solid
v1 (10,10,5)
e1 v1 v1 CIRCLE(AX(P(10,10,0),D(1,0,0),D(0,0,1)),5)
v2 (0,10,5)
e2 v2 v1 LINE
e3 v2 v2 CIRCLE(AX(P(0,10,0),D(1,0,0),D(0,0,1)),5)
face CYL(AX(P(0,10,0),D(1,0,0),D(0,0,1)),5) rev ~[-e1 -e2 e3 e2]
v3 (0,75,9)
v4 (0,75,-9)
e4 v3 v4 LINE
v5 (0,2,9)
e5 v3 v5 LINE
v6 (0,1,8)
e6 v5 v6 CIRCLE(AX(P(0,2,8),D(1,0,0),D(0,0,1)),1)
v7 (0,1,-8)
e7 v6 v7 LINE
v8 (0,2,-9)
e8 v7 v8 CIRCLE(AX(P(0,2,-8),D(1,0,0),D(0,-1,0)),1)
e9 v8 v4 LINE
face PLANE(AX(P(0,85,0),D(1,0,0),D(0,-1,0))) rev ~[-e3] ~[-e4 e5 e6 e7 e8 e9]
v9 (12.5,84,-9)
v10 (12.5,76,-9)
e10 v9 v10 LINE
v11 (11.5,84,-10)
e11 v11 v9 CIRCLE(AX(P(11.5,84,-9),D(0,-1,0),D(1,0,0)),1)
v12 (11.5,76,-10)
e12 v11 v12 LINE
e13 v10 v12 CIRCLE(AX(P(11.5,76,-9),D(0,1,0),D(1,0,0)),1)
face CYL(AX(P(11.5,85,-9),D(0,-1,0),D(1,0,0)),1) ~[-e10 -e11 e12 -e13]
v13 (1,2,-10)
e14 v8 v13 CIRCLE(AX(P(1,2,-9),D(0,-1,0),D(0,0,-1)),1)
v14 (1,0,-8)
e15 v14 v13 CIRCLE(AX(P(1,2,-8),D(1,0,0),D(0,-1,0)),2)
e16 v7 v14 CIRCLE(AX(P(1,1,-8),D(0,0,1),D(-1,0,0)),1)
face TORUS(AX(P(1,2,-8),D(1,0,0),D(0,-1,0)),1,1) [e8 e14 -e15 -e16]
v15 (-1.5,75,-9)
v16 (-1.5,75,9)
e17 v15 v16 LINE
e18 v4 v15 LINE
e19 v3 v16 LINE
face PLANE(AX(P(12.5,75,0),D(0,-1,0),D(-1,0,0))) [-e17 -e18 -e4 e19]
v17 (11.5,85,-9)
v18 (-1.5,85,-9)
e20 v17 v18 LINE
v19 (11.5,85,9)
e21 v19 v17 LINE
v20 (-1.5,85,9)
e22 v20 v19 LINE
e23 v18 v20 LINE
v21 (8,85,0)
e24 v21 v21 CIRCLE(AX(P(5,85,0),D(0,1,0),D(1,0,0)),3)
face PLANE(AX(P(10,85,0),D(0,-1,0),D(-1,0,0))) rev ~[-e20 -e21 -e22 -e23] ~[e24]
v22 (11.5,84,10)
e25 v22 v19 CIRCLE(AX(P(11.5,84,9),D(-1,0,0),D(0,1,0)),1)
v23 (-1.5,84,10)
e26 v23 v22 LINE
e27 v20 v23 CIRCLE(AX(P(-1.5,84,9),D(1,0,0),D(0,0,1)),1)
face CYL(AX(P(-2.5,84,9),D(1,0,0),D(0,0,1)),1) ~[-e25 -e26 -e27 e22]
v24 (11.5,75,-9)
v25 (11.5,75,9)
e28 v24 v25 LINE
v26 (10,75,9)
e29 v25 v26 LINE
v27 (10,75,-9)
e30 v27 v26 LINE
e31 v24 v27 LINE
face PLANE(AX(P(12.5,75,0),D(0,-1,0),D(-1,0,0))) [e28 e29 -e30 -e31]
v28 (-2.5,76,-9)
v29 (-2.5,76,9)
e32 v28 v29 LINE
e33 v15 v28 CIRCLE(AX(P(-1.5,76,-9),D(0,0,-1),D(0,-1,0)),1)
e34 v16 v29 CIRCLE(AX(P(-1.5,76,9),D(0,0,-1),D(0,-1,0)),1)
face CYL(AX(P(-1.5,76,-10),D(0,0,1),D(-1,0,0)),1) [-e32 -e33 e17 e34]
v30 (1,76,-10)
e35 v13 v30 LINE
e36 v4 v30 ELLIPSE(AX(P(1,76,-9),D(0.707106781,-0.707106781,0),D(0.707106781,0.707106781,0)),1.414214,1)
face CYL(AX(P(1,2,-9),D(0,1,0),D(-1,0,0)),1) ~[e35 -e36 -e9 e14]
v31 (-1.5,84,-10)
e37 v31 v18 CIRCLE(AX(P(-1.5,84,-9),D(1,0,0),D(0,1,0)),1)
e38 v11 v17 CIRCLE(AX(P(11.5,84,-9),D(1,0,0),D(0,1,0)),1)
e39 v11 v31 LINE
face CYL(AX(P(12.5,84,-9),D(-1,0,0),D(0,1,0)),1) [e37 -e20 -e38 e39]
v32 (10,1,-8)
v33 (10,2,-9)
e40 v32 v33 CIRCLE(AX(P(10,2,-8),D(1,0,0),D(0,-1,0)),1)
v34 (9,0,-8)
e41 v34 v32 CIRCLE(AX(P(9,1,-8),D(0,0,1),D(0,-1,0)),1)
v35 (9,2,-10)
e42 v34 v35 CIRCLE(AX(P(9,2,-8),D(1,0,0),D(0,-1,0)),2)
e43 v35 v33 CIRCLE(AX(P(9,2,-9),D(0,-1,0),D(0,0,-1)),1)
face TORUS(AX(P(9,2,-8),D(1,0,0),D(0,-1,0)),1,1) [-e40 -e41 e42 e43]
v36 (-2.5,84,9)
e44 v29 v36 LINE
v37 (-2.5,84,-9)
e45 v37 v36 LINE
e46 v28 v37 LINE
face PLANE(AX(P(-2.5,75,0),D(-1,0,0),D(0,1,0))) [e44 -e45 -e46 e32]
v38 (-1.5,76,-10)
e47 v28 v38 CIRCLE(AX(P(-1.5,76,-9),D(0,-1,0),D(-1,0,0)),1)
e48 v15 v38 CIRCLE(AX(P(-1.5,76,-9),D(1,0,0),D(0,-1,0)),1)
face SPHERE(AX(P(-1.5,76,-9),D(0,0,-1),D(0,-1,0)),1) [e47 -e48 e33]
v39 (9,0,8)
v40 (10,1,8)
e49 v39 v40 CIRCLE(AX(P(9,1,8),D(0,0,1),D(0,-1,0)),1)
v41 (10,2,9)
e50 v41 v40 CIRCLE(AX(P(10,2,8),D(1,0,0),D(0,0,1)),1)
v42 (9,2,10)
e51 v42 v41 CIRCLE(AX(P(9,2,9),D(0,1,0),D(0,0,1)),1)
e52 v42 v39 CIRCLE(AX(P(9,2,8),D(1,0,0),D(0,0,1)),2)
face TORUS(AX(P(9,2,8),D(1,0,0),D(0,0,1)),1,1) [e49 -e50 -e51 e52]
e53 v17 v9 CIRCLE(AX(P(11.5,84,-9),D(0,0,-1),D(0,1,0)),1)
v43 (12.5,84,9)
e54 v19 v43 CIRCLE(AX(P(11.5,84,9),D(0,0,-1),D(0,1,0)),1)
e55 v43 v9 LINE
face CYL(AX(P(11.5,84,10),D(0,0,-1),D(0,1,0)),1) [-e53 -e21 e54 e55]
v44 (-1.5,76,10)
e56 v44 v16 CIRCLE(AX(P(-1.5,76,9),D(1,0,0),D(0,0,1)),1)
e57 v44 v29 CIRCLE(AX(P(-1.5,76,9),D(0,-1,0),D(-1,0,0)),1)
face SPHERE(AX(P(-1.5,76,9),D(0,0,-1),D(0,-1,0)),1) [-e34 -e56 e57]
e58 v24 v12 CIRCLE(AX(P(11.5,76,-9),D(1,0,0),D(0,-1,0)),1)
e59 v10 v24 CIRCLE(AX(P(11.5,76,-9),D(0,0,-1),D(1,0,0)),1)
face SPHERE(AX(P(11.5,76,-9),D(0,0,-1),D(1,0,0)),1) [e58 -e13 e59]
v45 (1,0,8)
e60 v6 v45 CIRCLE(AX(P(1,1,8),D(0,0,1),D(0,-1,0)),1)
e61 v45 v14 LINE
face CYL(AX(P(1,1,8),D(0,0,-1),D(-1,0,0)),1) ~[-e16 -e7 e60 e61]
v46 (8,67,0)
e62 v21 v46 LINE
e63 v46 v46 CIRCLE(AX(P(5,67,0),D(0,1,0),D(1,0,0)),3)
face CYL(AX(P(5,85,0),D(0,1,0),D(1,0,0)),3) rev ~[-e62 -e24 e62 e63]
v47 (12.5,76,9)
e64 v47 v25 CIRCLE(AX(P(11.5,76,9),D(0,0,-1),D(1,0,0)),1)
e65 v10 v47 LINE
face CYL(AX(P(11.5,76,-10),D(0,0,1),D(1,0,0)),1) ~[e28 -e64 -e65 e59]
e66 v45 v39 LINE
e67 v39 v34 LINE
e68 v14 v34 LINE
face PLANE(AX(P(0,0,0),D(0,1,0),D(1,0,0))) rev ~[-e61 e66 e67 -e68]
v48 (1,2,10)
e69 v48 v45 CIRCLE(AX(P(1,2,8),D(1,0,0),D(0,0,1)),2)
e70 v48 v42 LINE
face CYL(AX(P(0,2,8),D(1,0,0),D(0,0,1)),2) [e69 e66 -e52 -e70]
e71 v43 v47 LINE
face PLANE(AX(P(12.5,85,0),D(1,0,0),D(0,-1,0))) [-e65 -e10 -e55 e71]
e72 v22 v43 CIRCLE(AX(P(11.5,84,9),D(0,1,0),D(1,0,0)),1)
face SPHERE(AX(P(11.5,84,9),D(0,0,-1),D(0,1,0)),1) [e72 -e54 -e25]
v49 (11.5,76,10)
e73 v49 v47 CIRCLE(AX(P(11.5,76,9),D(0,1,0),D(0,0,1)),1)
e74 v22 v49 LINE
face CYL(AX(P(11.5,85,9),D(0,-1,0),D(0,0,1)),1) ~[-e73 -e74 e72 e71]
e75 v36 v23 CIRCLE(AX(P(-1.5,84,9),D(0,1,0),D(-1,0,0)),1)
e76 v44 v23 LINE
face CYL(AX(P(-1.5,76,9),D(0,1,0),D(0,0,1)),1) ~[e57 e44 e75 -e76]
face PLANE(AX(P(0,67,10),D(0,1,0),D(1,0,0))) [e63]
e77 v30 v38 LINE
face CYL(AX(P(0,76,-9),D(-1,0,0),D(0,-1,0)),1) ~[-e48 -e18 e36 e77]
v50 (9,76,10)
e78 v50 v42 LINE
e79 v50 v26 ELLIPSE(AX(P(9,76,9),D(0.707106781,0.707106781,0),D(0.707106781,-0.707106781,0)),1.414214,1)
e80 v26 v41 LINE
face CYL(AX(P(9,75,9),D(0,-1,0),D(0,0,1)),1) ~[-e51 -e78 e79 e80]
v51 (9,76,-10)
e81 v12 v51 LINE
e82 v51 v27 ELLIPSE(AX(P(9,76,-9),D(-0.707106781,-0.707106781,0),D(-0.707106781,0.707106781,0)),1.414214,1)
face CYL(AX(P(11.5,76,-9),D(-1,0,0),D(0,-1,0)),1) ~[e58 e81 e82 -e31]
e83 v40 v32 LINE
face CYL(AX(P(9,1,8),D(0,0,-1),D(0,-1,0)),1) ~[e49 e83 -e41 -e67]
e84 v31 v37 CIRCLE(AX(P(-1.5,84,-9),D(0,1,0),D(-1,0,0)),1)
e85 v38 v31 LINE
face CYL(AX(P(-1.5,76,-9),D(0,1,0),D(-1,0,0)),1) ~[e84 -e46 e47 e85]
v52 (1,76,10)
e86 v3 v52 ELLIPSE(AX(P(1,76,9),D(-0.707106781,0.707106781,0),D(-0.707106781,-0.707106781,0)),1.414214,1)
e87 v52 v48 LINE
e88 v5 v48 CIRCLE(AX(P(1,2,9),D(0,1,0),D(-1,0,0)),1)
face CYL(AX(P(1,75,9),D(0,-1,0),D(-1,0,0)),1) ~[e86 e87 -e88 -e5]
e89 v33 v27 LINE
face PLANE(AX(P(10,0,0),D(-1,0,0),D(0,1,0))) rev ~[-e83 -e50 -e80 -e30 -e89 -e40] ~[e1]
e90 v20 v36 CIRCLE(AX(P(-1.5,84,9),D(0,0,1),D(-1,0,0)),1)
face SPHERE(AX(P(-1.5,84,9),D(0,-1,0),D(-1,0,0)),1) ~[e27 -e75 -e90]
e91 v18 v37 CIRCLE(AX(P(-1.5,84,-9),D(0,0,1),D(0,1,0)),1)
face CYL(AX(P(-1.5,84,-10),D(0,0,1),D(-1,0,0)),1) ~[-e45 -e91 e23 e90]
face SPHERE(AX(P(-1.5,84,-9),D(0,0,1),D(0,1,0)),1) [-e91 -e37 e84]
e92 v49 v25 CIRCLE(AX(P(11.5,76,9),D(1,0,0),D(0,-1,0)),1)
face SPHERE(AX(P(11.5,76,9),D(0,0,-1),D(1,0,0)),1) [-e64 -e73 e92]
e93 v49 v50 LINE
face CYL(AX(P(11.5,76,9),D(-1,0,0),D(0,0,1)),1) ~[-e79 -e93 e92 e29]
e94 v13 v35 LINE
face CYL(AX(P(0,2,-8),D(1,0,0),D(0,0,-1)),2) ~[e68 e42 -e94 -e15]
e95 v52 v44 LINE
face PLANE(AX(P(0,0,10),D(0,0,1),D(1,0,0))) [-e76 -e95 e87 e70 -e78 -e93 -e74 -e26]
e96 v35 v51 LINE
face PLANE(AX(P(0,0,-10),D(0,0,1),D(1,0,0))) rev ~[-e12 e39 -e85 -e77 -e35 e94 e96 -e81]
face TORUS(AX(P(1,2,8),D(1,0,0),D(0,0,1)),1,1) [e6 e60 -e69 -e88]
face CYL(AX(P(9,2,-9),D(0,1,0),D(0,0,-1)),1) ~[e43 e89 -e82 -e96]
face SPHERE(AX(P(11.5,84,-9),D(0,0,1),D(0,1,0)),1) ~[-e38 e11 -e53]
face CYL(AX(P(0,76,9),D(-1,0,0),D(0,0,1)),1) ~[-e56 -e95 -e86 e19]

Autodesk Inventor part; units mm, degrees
ref_plane "YZ Plane" through (0, 0, 0) normal (1, 0, 0) x (0, 1, 0)
ref_plane "XZ Plane" through (0, 0, 0) normal (0, 1, 0) x (-1, 0, 0)
ref_plane "XY Plane" through (0, 0, 0) normal (0, 0, 1) x (1, 0, 0)
sketch "Sketch1" plane through (0, 0, 0) normal (0, 0, 1) x (1, 0, 0)
  line L0 (0, 0) -> (10, 0)
  line L1 (10, 0) -> (10, 85)
  line L2 (10, 85) -> (0, 85)
  line L3 (0, 85) -> (0, 0)
  dimension "d0" = 10
  dimension "d1" = 85
extrude "Extrusion1" add sketch "Sketch1" along normal mid plane 20
sketch "Sketch2" plane through (0, 0, 10) normal (-1, 0, 0) x (0, 0, 1)
  line L0 (-20, 0) -> (-20, 85) projected
  line L1 (-20, 0) -> (0, 0) projected
  line L2 (0, 85) -> (0, 0) projected
  point P0 (-10, 0)
  point P1 (-10, 10)
  point P2 (-10, 0)
  dimension "d14" = 10
  dimension "d15" = 10
hole "Hole1" at (0, 10, 0) direction (1, 0, 0) diameter 10 end through all
fillet "Fillet1" radius 2 2 edges at (5, 0, -10) (5, 0, 10)
sketch "Sketch4" plane through (0, 0, 0) normal (0, 0, 1) x (1, 0, 0)
  line L0 (-2.5, 85) -> (12.5, 85)
  line L1 (12.5, 85) -> (12.5, 75)
  line L2 (12.5, 75) -> (-2.5, 75)
  line L3 (-2.5, 75) -> (-2.5, 85)
  line L4 (10, 85) -> (0, 85) projected
  point P0 (0, 0)
  point P1 (5, 85)
  point P2 (5, 85)
  dimension "d27" = 15
  dimension "d28" = 10
  dimension "d29" = 7.5
  dimension "d32" = 0
extrude "Extrusion3" add sketch "Sketch4" along normal mid plane 20
sketch "Sketch3" plane through (0, 85, 10) normal (0, 1, 0) x (1, 0, 0)
  circle A0 centre (5, 10) radius 3
  point P0 (0, 10)
  dimension "d24" = 6
extrude "Extrusion2" cut sketch "Sketch3" along normal blind 20 and the other way blind 18
fillet "Fillet2" radius 1 2 edges at (-2.5, 75, 0) (12.5, 75, 0)
fillet "Fillet3" radius 1 22 edges at (10, 0.5858, 9.4142) (10, 0, 0) (10, 0.5858, -9.4142) (10, 38.5, -10) (10, 38.5, 10) (0, 0.5858, 9.4142) (0, 0, 0) (0, 0.5858, -9.4142) (0, 38.5, -10) (0, 38.5, 10) (-0.75, 75, 10) (-2.5, 80.5, 10) (12.5, 85, 0) (-2.5, 85, 0) (5, 85, 10) (5, 85, -10) (10.75, 75, -10) (12.5, 80.5, -10) (10.75, 75, 10) (12.5, 80.5, 10) (-0.75, 75, -10) (-2.5, 80.5, -10)
equation "\"d15\" = d14"
equation "\"d29\" = 0.5 * d27"
properties part number "Suporte da base movel"
